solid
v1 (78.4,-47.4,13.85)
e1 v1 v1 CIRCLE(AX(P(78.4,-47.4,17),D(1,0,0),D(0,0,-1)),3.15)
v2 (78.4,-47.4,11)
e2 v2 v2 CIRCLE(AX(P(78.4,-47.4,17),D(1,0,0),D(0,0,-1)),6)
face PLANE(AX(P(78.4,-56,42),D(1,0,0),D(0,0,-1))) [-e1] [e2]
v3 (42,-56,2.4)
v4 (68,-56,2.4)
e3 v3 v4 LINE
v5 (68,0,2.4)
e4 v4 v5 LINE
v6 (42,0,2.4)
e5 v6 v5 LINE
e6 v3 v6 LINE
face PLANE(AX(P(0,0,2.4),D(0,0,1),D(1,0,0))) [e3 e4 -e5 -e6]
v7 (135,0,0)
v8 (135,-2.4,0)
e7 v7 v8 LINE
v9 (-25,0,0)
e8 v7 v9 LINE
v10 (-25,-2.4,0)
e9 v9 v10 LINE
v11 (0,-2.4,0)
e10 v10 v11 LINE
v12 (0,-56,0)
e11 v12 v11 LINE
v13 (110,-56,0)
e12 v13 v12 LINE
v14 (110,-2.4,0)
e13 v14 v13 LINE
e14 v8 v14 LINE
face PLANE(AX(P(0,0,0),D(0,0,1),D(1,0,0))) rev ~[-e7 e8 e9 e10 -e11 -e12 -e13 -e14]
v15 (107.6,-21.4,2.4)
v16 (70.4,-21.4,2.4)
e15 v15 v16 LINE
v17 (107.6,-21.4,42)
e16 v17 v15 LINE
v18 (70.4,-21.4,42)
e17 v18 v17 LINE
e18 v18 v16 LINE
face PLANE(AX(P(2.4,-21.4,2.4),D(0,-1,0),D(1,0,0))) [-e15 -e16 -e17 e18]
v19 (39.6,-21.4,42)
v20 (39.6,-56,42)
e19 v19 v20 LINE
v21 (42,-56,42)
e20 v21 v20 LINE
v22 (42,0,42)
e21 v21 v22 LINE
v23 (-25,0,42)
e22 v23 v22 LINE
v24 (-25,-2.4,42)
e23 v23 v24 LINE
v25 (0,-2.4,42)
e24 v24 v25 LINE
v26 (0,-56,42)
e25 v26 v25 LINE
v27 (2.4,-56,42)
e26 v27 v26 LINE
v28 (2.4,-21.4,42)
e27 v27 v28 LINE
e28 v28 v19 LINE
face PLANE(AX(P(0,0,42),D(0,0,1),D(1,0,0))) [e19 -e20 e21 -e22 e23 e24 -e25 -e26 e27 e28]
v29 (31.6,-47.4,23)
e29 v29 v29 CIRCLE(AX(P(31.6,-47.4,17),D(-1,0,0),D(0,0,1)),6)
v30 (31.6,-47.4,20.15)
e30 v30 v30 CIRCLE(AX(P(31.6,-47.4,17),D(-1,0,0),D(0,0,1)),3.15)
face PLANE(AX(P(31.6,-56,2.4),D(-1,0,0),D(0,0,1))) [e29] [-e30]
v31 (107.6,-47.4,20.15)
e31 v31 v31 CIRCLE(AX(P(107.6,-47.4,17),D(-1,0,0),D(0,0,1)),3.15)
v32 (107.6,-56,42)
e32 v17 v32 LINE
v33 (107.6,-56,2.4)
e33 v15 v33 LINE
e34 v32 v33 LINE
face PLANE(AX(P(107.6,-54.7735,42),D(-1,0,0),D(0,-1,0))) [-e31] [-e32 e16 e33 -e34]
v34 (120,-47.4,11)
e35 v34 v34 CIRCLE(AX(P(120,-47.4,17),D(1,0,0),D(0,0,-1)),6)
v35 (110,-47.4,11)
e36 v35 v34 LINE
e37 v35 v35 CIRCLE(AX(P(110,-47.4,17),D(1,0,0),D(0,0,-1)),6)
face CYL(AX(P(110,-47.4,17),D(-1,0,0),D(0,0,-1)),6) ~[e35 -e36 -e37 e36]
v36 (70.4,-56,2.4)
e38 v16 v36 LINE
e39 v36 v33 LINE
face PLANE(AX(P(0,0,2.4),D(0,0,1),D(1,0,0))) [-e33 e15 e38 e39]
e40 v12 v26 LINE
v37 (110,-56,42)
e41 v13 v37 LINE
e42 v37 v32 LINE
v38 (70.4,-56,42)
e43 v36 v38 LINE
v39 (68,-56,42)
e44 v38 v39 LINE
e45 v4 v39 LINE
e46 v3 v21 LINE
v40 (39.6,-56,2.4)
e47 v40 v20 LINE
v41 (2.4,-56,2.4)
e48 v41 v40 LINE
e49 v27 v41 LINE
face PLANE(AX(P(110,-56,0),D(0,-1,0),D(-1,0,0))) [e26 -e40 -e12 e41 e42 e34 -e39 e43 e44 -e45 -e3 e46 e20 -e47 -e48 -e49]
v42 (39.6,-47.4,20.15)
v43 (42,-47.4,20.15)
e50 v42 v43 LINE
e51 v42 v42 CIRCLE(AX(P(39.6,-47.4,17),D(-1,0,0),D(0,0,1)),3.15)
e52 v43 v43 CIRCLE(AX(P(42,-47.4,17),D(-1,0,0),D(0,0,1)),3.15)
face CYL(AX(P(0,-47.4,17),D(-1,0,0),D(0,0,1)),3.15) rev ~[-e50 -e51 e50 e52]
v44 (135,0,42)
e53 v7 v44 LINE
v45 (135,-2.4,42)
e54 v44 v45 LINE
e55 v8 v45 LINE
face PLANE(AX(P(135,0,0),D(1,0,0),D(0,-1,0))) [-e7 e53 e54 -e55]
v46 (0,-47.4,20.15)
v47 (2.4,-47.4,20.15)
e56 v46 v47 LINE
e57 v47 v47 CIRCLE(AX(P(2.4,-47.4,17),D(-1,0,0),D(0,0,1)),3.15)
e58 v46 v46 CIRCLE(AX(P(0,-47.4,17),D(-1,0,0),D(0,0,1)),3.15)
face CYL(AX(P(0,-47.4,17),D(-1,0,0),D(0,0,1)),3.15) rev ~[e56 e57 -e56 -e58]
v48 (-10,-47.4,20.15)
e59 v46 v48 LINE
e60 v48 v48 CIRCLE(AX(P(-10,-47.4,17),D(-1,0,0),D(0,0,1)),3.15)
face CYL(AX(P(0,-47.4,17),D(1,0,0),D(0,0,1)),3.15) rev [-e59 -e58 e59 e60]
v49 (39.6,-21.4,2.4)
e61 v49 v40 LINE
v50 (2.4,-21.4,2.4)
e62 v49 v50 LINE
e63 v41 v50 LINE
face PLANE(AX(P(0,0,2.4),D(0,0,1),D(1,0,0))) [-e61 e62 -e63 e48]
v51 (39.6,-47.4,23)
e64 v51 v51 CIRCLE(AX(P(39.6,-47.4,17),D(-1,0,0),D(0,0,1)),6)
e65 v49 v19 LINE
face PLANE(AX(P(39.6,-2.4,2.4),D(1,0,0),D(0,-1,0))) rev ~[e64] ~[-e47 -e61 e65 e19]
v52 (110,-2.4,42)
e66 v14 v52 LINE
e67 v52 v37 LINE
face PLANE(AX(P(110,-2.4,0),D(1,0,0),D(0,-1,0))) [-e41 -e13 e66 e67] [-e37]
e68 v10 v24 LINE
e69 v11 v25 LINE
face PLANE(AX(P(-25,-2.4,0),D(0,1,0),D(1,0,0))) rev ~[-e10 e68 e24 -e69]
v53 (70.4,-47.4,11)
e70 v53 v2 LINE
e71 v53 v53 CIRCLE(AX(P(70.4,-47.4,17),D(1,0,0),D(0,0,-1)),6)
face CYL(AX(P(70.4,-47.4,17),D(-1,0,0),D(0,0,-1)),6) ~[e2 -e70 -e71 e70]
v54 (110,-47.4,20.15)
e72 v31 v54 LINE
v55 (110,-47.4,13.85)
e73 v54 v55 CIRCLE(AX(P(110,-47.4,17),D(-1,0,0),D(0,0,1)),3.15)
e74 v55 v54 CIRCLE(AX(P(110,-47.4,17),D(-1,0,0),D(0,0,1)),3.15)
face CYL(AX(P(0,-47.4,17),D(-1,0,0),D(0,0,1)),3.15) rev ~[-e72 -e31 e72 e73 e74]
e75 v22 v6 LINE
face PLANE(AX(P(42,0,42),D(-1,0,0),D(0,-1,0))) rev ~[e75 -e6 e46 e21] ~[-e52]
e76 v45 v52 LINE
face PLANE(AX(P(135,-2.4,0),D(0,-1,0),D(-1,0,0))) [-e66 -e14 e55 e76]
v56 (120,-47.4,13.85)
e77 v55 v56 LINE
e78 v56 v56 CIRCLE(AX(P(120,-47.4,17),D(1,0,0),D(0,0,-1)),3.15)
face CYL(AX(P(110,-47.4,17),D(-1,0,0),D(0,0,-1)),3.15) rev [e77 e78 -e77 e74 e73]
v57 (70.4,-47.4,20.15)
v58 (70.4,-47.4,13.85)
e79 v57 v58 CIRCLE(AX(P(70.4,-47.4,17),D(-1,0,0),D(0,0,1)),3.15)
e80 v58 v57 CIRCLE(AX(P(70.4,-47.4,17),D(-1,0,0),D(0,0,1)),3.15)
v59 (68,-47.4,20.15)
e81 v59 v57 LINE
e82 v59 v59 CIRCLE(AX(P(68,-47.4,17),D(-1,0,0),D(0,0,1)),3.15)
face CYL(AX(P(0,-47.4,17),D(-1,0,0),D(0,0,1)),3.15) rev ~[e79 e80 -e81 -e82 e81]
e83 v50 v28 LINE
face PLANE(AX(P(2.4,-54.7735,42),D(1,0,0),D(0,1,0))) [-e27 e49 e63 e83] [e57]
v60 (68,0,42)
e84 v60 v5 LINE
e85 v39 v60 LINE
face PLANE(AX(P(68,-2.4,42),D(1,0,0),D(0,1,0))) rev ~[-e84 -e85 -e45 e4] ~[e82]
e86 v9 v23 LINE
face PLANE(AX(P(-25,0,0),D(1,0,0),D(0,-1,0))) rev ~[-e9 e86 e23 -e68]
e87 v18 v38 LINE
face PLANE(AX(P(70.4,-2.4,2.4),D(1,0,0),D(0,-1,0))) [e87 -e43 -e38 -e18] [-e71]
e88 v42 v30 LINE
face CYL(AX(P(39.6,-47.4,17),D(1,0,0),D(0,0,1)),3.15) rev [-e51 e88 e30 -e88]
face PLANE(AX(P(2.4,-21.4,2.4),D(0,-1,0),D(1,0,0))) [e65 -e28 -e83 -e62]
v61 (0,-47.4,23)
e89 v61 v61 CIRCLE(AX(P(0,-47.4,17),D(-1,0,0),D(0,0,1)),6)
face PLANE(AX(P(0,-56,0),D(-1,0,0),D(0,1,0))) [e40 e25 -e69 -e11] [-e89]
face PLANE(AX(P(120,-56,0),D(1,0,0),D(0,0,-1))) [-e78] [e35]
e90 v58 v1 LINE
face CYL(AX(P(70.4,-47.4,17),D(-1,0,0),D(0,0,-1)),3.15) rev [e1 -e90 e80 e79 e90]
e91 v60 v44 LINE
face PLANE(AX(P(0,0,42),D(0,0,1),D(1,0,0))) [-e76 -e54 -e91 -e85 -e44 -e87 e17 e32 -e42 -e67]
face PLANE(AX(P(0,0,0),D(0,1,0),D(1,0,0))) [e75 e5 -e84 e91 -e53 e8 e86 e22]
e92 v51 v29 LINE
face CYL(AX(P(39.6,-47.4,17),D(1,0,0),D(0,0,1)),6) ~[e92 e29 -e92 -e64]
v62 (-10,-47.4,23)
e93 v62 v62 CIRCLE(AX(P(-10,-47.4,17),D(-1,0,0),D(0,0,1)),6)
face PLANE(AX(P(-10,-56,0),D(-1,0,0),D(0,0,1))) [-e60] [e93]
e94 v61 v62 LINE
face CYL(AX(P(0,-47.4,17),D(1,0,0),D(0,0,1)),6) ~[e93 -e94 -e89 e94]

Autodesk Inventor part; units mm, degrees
ref_plane "YZ Plane" through (0, 0, 0) normal (1, 0, 0) x (0, 1, 0)
ref_plane "XZ Plane" through (0, 0, 0) normal (0, 1, 0) x (-1, 0, 0)
ref_plane "XY Plane" through (0, 0, 0) normal (0, 0, 1) x (1, 0, 0)
sketch "Sketch1" plane through (0, 0, 0) normal (0, 0, 1) x (1, 0, 0)
  line L0 (0, 0) -> (110, 0)
  line L1 (110, 0) -> (110, -56)
  line L2 (110, -56) -> (0, -56)
  line L3 (0, -56) -> (0, 0)
  line L4 (0, 0) -> (-25, 0)
  line L5 (-25, 0) -> (-25, -2.4)
  line L6 (-25, -2.4) -> (0, -2.4)
  line L7 (0, -2.4) -> (0, 0)
  line L8 (110, 0) -> (135, 0)
  line L9 (135, 0) -> (135, -2.4)
  line L10 (135, -2.4) -> (110, -2.4)
  line L11 (110, -2.4) -> (110, 0)
  dimension "d0" = 110
  dimension "d1" = 56
  dimension "d2" = 25
  dimension "d3" = 2.4
  dimension "d4" = 25
  dimension "d5" = 2.4
extrude "Extrusion1" add sketch "Sketch1" along normal blind 42
sketch "Sketch2" plane through (0, 0, 42) normal (0, 0, 1) x (1, 0, 0)
  line L0 (2.4, -2.4) -> (107.6, -2.4)
  line L1 (107.6, -2.4) -> (107.6, -54.7735)
  line L2 (2.4, -54.7735) -> (2.4, -2.4)
  line L3 (110, -56) -> (110, -2.4) projected
  line L4 (0, -2.4) -> (0, -56) projected
  line L5 (107.6, -54.7735) -> (107.6, -56)
  line L6 (2.4, -54.7735) -> (2.4, -56)
  line L7 (0, -56) -> (110, -56) projected
  point P0 (0, 0)
  dimension "d8" = 2.4
  dimension "d9" = 2.4
extrude "Extrusion2" cut sketch "Sketch2" against normal blind 39.6
sketch "Sketch3" plane through (0, 0, 42) normal (0, 0, 1) x (1, 0, 0)
  line L0 (135, 0) -> (-25, 0) projected
  line L1 (55, 0) -> (68, 0)
  line L2 (55, 0) -> (42, 0)
  line L3 (42, 0) -> (42, -2.4)
  line L4 (2.4, -2.4) -> (107.6, -2.4) projected
  line L5 (68, -2.4) -> (42, -2.4)
  line L6 (68, -2.4) -> (68, 0)
  point P0 (0, 0)
  dimension "d12" = 13
  dimension "d13" = 13
extrude "Extrusion3" cut sketch "Sketch3" against normal blind 39.6
sketch "Sketch4" plane through (0, 0, 2.4) normal (0, 0, 1) x (1, 0, 0)
  line L0 (2.4, -2.4) -> (42, -2.4) projected
  line L1 (107.6, -56) -> (2.4, -56) projected
  line L2 (42, -2.4) -> (39.6, -2.4)
  line L3 (39.6, -2.4) -> (39.6, -56)
  line L4 (39.6, -56) -> (42, -56)
  line L5 (42, -56) -> (42, -2.4)
  line L6 (68, -2.4) -> (107.6, -2.4) projected
  line L7 (68, -2.4) -> (70.4, -2.4)
  line L8 (70.4, -2.4) -> (70.4, -56)
  line L9 (70.4, -56) -> (68, -56)
  line L10 (68, -56) -> (68, -2.4)
  point P0 (0, 0)
  dimension "d16" = 2.4
  dimension "d17" = 2.4
extrude "Extrusion4" add sketch "Sketch4" along normal blind 39.6
sketch "Sketch5" plane through (-25, -2.4, 0) normal (0, -1, 0) x (1, 0, 0)
  circle A0 centre (12.5, 30) radius 1.5
  circle A1 centre (12.5, 12) radius 1.5
  line L0 (0, 42) -> (25, 42) projected
  line L1 (0, 0) -> (25, 0) projected
  dimension "d20" = 3
  dimension "d21" = 3
  dimension "d22" = 12
  dimension "d23" = 12
sketch "Sketch6" plane through (2.4, -2.4, 2.4) normal (0, -1, 0) x (1, 0, 0)
  line L0 (37.2, 0) -> (37.2, 39.6) projected
  line L1 (0, 39.6) -> (37.2, 39.6)
  line L2 (37.2, 39.6) -> (37.2, 0)
  line L3 (37.2, 0) -> (0, 0)
  line L4 (0, 0) -> (0, 39.6)
  line L5 (68, 39.6) -> (68, 0) projected
  line L6 (105.2, 39.6) -> (105.2, 0) projected
  line L7 (68, 39.6) -> (105.2, 39.6)
  line L8 (105.2, 39.6) -> (105.2, 0)
  line L9 (105.2, 0) -> (68, 0)
  line L10 (68, 0) -> (68, 39.6)
  point P0 (-2.4, -2.4)
extrude "Extrusion5" add sketch "Sketch6" along normal blind 19
sketch "Sketch7" plane through (0, -56, 0) normal (-1, 0, 0) x (0, 0, 1)
  circle A0 centre (17, 8.6) radius 3.15
  line L0 (0, 53.6) -> (0, 0) projected
  line L1 (0, 53.6) -> (42, 53.6) projected
  point P0 (0, 56)
  dimension "d26" = 6.3
  dimension "d27" = 17
  dimension "d28" = 45
extrude "Extrusion6" cut sketch "Sketch7" against normal blind 110
sketch "Sketch8" plane through (0, -56, 0) normal (-1, 0, 0) x (0, 0, 1)
  circle A0 centre (17, 8.6) radius 3.15 projected
  circle A1 centre (17, 8.6) radius 6
  point P0 (0, 56)
  dimension "d31" = 12
extrude "Extrusion7" add sketch "Sketch8" along normal blind 10
sketch "Sketch9" plane through (39.6, -56, 2.4) normal (-1, 0, 0) x (0, 0, 1)
  circle A0 centre (14.6, 8.6) radius 3.15 projected
  circle A1 centre (14.6, 8.6) radius 6
  point P0 (-2.4, 56)
  dimension "d34" = 12
extrude "Extrusion8" add sketch "Sketch9" along normal blind 8
sketch "Sketch10" plane through (110, -56, 0) normal (1, 0, 0) x (0, 0, -1)
  circle A0 centre (-17, 8.6) radius 3.15 projected
  circle A1 centre (-17, 8.6) radius 6
  point P0 (0, 56)
  dimension "d37" = 12
extrude "Extrusion9" add sketch "Sketch10" along normal blind 10
sketch "Sketch11" plane through (70.4, -56, 42) normal (1, 0, 0) x (0, 0, -1)
  circle A0 centre (25, 8.6) radius 3.15 projected
  circle A1 centre (25, 8.6) radius 6
  point P0 (42, 56)
  dimension "d40" = 12
extrude "Extrusion10" add sketch "Sketch11" along normal blind 8
sketch "Sketch12" plane through (2.4, -21.4, 2.4) normal (0, -1, 0) x (1, 0, 0)
  circle A0 centre (22.2, 14.6) radius 13.25
  circle A1 centre (83, 14.6) radius 13.25
  line L0 (68, 0) -> (68, 39.6) projected
  line L1 (37.2, 0) -> (37.2, 39.6) projected
  line L2 (37.2, 39.6) -> (0, 39.6) projected
  line L3 (105.2, 39.6) -> (68, 39.6) projected
  point P0 (-2.4, -2.4)
  dimension "d43" = 26.5
  dimension "d44" = 26.5
  dimension "d45" = 15
  dimension "d46" = 15
  dimension "d47" = 25
  dimension "d48" = 25
properties part number "Chassi_Rear"
